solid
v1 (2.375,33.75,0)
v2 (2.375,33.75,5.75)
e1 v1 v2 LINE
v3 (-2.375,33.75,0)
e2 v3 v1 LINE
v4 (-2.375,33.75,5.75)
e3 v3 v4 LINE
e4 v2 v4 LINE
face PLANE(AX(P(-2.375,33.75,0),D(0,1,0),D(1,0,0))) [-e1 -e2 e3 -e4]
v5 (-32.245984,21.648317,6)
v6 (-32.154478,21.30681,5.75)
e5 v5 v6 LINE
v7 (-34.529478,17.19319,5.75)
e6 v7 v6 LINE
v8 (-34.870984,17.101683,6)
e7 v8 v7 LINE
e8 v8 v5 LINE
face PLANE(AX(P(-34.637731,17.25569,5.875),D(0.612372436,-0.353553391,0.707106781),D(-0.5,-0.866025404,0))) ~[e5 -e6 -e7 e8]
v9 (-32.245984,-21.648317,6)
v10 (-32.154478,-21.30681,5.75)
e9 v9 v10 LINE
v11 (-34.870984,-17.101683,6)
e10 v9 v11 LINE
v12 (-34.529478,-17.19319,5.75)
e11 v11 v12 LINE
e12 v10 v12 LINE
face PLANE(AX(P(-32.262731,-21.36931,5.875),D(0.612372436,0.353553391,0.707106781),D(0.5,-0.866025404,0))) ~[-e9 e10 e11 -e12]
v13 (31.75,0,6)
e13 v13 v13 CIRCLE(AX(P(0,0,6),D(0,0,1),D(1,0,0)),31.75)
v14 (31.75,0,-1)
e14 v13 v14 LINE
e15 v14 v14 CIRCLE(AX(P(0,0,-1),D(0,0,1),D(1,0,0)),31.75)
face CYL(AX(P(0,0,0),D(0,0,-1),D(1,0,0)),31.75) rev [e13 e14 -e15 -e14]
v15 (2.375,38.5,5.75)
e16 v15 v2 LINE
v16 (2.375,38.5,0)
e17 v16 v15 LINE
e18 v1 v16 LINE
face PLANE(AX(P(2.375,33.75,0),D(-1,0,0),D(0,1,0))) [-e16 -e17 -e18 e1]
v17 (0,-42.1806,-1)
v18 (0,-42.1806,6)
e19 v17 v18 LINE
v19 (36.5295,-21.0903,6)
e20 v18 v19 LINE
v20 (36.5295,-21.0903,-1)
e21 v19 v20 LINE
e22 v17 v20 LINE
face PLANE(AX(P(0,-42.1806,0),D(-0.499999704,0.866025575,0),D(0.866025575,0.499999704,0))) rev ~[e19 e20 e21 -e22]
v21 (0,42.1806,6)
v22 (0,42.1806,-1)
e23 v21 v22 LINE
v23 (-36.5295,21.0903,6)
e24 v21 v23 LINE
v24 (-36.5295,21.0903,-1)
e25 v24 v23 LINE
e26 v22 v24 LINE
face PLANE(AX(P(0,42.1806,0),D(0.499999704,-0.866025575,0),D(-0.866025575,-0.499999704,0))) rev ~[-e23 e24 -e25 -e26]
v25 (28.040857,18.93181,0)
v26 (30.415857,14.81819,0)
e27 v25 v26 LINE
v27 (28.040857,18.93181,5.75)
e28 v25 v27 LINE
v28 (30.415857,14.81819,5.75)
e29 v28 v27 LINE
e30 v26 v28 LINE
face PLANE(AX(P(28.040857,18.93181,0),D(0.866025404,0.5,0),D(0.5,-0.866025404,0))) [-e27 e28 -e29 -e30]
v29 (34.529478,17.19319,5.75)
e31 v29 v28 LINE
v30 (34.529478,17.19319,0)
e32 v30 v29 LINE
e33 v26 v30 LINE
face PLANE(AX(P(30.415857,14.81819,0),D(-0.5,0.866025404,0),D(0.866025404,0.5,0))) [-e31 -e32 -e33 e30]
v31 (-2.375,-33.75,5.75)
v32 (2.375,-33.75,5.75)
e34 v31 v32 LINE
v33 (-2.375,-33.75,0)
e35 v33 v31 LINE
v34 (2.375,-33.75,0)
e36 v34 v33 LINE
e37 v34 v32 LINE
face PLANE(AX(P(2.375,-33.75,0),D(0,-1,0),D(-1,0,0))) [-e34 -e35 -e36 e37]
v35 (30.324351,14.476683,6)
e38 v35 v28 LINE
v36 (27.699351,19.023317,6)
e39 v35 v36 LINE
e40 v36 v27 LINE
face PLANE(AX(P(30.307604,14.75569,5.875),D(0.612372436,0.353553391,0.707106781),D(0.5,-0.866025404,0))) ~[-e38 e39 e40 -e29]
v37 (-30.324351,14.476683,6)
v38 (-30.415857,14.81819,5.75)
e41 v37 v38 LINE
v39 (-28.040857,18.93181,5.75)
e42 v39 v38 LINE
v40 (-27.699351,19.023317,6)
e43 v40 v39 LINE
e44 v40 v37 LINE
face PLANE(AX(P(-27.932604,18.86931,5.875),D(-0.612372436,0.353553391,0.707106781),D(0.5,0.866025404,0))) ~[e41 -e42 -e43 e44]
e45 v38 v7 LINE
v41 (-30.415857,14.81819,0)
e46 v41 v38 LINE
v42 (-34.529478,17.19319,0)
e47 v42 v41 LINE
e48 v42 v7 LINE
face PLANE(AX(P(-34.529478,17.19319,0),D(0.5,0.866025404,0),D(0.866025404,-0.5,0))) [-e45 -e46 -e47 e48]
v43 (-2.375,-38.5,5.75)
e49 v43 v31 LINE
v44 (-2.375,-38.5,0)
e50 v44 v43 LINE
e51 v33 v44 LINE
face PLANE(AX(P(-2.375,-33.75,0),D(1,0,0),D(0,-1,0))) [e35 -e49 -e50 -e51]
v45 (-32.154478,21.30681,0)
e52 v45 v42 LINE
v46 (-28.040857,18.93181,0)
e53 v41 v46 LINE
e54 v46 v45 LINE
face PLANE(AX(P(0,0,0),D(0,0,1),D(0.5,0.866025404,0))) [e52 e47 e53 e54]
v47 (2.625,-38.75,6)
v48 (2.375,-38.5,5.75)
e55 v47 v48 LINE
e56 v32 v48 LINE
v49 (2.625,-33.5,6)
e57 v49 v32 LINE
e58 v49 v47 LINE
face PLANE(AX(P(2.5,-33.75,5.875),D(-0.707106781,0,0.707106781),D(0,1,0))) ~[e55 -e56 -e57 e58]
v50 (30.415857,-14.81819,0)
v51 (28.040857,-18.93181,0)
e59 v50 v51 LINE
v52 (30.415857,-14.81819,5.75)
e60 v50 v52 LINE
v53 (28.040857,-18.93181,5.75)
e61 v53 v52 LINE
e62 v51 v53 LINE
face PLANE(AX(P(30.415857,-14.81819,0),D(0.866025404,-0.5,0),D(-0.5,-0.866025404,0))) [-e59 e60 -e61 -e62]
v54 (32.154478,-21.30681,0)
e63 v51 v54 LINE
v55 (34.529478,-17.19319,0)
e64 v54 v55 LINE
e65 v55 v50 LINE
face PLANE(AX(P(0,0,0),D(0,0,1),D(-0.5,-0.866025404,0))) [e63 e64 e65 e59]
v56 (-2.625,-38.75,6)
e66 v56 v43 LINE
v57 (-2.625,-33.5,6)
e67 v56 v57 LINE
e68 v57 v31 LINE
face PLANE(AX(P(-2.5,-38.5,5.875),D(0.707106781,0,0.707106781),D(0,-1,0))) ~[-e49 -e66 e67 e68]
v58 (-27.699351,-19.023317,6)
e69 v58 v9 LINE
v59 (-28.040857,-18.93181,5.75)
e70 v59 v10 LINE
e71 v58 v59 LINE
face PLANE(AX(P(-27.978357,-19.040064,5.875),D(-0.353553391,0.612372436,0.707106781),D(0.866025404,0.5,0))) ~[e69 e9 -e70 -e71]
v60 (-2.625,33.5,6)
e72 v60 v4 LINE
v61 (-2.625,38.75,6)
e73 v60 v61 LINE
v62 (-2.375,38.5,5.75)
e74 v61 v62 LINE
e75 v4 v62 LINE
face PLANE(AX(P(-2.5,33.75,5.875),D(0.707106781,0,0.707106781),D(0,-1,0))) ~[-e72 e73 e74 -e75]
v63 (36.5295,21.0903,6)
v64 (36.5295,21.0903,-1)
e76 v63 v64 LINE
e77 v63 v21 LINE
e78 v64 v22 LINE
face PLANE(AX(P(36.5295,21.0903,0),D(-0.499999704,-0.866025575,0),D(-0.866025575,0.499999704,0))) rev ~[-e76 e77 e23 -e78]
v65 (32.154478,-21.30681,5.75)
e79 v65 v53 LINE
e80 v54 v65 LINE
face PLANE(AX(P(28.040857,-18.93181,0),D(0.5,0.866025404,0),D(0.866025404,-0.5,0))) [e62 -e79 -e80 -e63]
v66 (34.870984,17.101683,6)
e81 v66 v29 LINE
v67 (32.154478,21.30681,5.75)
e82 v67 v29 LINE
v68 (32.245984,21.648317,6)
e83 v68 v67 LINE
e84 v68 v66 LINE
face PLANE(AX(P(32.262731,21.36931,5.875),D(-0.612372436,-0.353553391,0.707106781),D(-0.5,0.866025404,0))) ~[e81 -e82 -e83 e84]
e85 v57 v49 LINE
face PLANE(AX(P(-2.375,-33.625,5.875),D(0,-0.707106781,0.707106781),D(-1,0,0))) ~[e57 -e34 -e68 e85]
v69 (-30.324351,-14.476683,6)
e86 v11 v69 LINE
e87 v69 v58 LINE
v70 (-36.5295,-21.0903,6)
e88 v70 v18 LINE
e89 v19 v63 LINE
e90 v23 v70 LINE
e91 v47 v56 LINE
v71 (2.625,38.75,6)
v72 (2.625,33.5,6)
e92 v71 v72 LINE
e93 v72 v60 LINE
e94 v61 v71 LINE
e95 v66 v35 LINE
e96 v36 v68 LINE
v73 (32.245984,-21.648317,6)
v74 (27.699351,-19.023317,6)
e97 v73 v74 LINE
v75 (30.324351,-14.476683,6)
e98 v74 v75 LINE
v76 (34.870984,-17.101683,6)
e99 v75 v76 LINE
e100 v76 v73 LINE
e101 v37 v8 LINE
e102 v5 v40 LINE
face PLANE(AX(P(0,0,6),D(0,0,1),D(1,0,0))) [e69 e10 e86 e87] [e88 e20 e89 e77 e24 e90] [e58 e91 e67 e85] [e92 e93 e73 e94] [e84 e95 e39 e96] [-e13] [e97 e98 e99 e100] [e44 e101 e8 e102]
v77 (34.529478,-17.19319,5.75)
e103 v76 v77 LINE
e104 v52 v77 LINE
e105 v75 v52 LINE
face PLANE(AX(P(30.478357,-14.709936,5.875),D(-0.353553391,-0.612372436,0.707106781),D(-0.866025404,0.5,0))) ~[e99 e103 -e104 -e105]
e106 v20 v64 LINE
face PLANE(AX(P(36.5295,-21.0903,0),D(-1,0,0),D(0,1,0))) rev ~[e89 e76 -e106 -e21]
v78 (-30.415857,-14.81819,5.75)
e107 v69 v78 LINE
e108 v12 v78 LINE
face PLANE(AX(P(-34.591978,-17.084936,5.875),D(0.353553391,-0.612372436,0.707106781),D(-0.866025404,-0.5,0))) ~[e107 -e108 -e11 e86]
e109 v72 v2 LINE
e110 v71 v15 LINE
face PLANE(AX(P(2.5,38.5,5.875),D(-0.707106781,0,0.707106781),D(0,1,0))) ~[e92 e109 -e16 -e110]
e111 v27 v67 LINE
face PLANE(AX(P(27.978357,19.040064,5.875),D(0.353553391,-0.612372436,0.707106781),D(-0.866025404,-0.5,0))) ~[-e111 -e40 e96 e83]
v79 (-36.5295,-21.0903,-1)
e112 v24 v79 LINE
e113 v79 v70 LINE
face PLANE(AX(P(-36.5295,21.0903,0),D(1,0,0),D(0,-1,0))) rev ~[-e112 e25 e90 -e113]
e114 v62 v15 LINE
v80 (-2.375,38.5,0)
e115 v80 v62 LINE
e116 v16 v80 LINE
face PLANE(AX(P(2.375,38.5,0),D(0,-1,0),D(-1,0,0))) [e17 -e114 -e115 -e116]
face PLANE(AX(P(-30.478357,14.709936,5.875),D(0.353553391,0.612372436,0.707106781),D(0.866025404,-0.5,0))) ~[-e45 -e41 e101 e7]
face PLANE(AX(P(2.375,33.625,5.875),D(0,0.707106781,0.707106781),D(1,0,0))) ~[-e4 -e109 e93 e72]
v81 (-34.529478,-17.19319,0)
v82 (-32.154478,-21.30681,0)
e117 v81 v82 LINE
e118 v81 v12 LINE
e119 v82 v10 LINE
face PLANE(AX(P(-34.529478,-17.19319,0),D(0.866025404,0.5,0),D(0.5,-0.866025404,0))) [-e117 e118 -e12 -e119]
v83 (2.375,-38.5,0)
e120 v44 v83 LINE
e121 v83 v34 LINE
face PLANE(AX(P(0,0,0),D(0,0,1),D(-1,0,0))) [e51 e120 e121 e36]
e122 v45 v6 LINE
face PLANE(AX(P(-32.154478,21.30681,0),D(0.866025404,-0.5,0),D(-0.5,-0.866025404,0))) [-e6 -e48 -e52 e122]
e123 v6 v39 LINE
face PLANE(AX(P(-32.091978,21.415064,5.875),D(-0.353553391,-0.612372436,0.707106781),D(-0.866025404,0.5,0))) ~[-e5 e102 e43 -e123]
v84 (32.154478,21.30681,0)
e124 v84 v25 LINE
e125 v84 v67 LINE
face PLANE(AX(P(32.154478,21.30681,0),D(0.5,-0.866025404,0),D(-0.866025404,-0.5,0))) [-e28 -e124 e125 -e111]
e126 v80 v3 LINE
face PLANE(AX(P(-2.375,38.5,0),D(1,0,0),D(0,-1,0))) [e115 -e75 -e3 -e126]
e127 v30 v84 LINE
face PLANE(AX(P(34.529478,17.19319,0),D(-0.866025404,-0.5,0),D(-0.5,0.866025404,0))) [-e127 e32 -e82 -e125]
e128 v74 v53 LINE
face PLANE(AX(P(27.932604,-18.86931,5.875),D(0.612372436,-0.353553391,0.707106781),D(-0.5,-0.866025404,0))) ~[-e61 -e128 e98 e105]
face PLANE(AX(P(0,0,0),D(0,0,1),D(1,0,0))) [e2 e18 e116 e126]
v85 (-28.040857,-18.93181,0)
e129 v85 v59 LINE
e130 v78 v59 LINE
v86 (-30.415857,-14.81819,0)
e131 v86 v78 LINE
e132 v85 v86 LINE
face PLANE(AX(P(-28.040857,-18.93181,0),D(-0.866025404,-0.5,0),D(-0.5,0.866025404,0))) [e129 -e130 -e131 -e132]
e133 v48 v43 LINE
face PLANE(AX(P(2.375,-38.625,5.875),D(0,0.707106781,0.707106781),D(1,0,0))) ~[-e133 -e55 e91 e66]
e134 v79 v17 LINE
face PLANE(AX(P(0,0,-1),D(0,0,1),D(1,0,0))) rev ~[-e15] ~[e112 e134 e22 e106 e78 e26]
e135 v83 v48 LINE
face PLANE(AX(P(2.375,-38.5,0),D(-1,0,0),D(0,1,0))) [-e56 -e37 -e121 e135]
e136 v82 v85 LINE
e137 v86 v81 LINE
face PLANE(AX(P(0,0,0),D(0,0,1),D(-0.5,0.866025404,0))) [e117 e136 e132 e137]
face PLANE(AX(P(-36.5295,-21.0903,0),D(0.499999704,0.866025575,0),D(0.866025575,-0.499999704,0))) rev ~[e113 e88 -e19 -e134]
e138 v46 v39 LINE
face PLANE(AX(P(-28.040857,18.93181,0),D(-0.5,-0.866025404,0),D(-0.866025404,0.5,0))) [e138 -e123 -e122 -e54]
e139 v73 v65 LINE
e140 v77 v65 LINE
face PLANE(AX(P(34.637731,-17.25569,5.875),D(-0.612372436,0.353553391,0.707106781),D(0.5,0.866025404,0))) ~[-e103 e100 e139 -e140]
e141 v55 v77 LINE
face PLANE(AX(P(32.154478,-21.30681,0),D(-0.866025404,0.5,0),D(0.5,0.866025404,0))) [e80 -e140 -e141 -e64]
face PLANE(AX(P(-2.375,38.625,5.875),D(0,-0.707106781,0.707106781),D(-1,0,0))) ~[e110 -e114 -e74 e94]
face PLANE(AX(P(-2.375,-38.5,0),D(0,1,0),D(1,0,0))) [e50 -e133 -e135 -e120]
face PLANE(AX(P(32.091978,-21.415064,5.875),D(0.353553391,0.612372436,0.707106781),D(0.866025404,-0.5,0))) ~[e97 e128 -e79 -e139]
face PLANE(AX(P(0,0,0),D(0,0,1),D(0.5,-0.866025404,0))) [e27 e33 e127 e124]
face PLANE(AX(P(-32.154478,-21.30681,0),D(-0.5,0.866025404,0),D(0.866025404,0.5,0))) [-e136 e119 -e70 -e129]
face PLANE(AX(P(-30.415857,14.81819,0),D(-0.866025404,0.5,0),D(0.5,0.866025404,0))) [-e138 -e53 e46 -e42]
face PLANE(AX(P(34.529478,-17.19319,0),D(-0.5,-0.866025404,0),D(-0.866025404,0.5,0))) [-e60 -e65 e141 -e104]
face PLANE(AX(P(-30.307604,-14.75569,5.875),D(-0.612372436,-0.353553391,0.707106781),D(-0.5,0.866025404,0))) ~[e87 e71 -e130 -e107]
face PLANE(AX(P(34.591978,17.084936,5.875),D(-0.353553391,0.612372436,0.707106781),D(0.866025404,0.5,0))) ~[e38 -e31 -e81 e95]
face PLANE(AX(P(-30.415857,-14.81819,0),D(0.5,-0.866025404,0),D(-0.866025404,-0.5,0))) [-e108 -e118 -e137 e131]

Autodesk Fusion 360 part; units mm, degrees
sketch "Sketch1" plane through (0, 0, 0) normal (0, 0, 1) x (1, 0, 0)
  circle A0 centre (0, 0) radius 31.75
  line L0 (-36.5295, 21.0903) -> (-36.5295, -21.0903)
  line L1 (-36.5295, -21.0903) -> (0, -42.1806)
  line L2 (0, -42.1806) -> (36.5295, -21.0903)
  line L3 (36.5295, -21.0903) -> (36.5295, 21.0903)
  line L4 (36.5295, 21.0903) -> (0, 42.1806)
  line L5 (0, 42.1806) -> (-36.5295, 21.0903)
  line L6 (-2.375, 33.75) -> (2.375, 33.75)
  line L7 (2.375, 33.75) -> (2.375, 38.5)
  line L8 (2.375, 38.5) -> (-2.375, 38.5)
  line L9 (-2.375, 38.5) -> (-2.375, 33.75)
  line L10 (-2.375, 33.75) -> (2.375, 38.5) construction
  line L11 (2.375, 33.75) -> (-2.375, 38.5) construction
  point P0 (0, 36.125)
  point P1 (0, 31.75)
  dimension "d1" = 63.5
  dimension "d2" = 4.75
  dimension "d3" = 2
  dimension "d4" = 2
extrude "Extrude1" add sketch "Sketch1" along normal blind 6 contours L0 L1 L2 L3 L4 L5 | L6 L7 L8 L9
extrude "Extrude2" add sketch "Sketch1" against normal blind 1 contours L0 L1 L2 L3 L4 L5 | L6 L7 L8 L9
extrude "Extrude3" cut sketch "Sketch1" along normal blind 33.02 contours L6 L7 L8 L9
sketch "Sketch2" plane through (0, 0, 6) normal (0, 0, 1) x (1, 0, 0)
  line L0 (-2.375, 38.5) -> (2.375, 38.5)
  line L1 (2.375, 38.5) -> (2.375, 33.75)
  line L2 (2.375, 33.75) -> (-2.375, 33.75)
  line L3 (-2.375, 33.75) -> (-2.375, 38.5)
  circle A0 centre (0, 0) radius 31.75
  line L4 (0, 42.1806) -> (-36.5295, 21.0903)
  line L5 (-36.5295, 21.0903) -> (-36.5295, -21.0903)
  line L6 (-36.5295, -21.0903) -> (0, -42.1806)
  line L7 (0, -42.1806) -> (36.5295, -21.0903)
  line L8 (36.5295, -21.0903) -> (36.5295, 21.0903)
  line L9 (36.5295, 21.0903) -> (0, 42.1806)
  line L10 (-8.9538, 50.7426) -> (10.16, 50.7426)
  line L11 (10.16, 50.7426) -> (10.16, 22.86)
  line L12 (10.16, 22.86) -> (-8.9538, 22.86)
  line L13 (-8.9538, 22.86) -> (-8.9538, 50.7426)
extrude "Extrude4" [suppressed]
chamfer "Chamfer1" distance 0.25 angle 45 4 edges at (-2.375, 36.125, 6) (0, 33.75, 6) (2.375, 36.125, 6) (0, 38.5, 6) measured on face at (34.9363, 0, 6) measured on face at (34.9363, 0, 6) measured on face at (34.9363, 0, 6) measured on face at (34.9363, 0, 6)
sketch "Sketch3" plane through (0, 0, 0) normal (0, 0, 1) x (1, 0, 0)
  line L0 (-2.375, 38.5) -> (-2.375, 33.75)
  line L1 (-2.375, 33.75) -> (2.375, 33.75)
  line L2 (2.375, 33.75) -> (2.375, 38.5)
  line L3 (2.375, 38.5) -> (-2.375, 38.5)
  line L4 (2.375, 38.5) -> (-2.375, 33.75)
  point P0 (0, 36.125)
pattern_circular "C-Pattern1" count 6 over 360 about axis through (0, 0, 1.75) along (0, 0, 1) of "Extrude3", "Chamfer1"
